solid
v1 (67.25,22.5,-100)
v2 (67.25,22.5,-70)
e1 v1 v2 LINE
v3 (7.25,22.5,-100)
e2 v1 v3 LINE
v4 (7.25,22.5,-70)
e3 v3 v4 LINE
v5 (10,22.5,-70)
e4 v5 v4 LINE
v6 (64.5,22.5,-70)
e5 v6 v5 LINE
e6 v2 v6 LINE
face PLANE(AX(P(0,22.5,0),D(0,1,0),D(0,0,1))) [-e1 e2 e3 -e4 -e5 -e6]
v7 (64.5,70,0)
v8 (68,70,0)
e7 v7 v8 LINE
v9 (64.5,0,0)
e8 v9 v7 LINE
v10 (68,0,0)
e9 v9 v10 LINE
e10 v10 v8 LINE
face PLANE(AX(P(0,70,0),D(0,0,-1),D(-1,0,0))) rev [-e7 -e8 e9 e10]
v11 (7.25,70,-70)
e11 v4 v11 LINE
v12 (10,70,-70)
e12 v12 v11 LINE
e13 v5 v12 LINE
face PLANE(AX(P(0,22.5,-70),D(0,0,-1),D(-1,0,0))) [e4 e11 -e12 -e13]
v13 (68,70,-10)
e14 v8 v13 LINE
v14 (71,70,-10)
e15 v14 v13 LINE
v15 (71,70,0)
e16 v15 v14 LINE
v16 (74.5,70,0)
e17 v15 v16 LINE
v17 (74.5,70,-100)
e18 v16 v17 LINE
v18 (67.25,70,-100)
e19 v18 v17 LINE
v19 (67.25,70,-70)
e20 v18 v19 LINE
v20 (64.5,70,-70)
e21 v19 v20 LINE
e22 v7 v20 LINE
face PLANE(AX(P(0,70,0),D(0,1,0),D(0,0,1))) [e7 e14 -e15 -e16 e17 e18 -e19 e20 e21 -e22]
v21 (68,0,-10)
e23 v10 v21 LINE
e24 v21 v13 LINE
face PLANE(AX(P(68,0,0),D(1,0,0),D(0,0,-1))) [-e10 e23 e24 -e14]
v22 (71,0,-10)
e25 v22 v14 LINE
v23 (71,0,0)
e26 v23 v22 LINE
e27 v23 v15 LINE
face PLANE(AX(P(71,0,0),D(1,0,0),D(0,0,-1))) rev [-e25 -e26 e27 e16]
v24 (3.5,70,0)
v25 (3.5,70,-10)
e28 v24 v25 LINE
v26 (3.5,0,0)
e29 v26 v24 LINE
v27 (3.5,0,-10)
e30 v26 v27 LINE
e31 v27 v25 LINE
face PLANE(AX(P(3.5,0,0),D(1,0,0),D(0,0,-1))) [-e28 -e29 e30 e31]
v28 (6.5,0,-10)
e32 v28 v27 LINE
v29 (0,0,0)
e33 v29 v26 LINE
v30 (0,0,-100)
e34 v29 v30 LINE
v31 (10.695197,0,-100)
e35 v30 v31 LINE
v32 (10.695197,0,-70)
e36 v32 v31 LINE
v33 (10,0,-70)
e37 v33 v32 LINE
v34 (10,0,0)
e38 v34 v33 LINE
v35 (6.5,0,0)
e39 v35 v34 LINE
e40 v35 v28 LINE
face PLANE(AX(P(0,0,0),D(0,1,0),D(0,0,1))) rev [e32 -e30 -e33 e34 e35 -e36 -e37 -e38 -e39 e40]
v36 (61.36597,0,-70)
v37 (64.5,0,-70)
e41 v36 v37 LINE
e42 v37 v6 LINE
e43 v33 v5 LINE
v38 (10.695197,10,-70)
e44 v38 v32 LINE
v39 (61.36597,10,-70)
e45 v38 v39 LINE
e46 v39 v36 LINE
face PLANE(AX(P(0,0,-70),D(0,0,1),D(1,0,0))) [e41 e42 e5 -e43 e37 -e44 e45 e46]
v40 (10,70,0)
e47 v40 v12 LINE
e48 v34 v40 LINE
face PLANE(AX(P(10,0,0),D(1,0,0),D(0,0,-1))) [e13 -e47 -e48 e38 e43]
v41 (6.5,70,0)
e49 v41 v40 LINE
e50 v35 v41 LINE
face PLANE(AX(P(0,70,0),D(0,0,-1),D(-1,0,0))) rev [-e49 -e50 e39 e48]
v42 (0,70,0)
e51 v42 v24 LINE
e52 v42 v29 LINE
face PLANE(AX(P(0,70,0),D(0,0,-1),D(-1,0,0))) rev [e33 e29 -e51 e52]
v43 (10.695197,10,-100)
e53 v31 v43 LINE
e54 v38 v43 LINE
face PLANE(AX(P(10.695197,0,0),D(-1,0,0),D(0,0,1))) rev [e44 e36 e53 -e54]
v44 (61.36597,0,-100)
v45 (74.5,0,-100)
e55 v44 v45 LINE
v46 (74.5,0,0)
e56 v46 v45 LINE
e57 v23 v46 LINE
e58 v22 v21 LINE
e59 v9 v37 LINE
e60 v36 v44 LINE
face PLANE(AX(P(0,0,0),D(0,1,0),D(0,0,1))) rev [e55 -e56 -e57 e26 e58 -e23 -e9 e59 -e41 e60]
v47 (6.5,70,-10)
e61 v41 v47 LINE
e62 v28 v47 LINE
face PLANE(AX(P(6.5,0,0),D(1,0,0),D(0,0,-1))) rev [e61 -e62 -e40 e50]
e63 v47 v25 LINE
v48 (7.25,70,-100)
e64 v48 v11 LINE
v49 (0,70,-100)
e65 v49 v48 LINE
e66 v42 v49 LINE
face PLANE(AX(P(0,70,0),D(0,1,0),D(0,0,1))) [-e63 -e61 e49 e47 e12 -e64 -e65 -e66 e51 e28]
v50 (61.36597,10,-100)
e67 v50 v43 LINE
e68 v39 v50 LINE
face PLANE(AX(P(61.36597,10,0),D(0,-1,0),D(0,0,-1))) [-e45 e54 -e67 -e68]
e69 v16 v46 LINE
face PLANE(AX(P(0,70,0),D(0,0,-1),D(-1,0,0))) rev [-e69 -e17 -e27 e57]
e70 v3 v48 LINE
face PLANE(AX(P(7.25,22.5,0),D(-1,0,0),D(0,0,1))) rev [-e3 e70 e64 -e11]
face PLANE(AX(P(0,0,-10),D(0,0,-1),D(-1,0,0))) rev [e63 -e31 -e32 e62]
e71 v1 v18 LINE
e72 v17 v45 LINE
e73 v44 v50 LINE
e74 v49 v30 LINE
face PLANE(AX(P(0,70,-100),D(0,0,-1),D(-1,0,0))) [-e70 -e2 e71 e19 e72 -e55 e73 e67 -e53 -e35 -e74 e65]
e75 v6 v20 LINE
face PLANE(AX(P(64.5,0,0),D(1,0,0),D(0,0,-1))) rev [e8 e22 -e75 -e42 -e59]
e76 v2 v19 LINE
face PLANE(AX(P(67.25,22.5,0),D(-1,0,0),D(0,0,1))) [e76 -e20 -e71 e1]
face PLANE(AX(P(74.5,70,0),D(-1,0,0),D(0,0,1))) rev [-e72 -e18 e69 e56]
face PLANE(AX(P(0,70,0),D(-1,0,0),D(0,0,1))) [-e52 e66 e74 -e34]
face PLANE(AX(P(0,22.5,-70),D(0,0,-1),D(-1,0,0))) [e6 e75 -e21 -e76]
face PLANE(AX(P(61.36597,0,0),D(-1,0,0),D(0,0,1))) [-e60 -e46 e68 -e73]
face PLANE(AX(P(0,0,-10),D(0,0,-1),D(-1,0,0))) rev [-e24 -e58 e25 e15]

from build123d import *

# Parameters (mm, degrees)
SKETCH1_W           = 74.5
SKETCH1_H           = 100
BOSS_EXTRUDE1_DEPTH = 70
SKETCH3_W           = 54.5
SKETCH3_H           = 70
CUT_EXTRUDE1_DEPTH  = 144.004370563
SKETCH5_W           = 60
SKETCH5_H           = 30
CUT_EXTRUDE2_DEPTH  = 47.5
SKETCH6_W           = 3
SKETCH6_H           = 10
CUT_EXTRUDE3_DEPTH  = 144.004370563
SKETCH7_W           = 3
SKETCH7_H           = 10
CUT_EXTRUDE4_DEPTH  = 144.004370563
SKETCH10_W          = 50.670772636
SKETCH10_H          = 10
CUT_EXTRUDE5_DEPTH  = 144.004370563


with BuildPart() as part:
    # Sketch1 → Boss-Extrude1 (new body)
    with BuildSketch(Plane(origin=(0, 0, 0), x_dir=(1, 0, 0), z_dir=(0, 1, 0))):
        with Locations((37.25, 50)):
            Rectangle(SKETCH1_W, SKETCH1_H)
    extrude(amount=BOSS_EXTRUDE1_DEPTH)

    # Sketch3 → Cut-Extrude1 (cut, through all)
    with BuildSketch(Plane(origin=(0, 70, 0), x_dir=(1, 0, 0), z_dir=(0, 1, 0))):
        with Locations((37.25, 35)):
            Rectangle(SKETCH3_W, SKETCH3_H)
    extrude(amount=-CUT_EXTRUDE1_DEPTH, mode=Mode.SUBTRACT)

    # Sketch5 → Cut-Extrude2 (cut)
    with BuildSketch(Plane(origin=(0, 70, 0), x_dir=(1, 0, 0), z_dir=(0, 1, 0))):
        with Locations((37.25, 85)):
            Rectangle(SKETCH5_W, SKETCH5_H)
    extrude(amount=-CUT_EXTRUDE2_DEPTH, mode=Mode.SUBTRACT)

    # Sketch6 → Cut-Extrude3 (cut, through all)
    with BuildSketch(Plane(origin=(0, 70, 0), x_dir=(1, 0, 0), z_dir=(0, 1, 0))):
        with Locations((69.5, 5)):
            Rectangle(SKETCH6_W, SKETCH6_H)
    extrude(amount=-CUT_EXTRUDE3_DEPTH, mode=Mode.SUBTRACT)

    # Sketch7 → Cut-Extrude4 (cut, through all)
    with BuildSketch(Plane(origin=(0, 70, 0), x_dir=(1, 0, 0), z_dir=(0, 1, 0))):
        with Locations((5, 5)):
            Rectangle(SKETCH7_W, SKETCH7_H)
    extrude(amount=-CUT_EXTRUDE4_DEPTH, mode=Mode.SUBTRACT)

    # Sketch10 → Cut-Extrude5 (cut, through all)
    with BuildSketch(Plane(origin=(0, 0, -100), x_dir=(-1, 0, 0), z_dir=(0, 0, -1))):
        with Locations((-36.030583725, 5)):
            Rectangle(SKETCH10_W, SKETCH10_H)
    extrude(amount=-CUT_EXTRUDE5_DEPTH, mode=Mode.SUBTRACT)


solid = part.part
